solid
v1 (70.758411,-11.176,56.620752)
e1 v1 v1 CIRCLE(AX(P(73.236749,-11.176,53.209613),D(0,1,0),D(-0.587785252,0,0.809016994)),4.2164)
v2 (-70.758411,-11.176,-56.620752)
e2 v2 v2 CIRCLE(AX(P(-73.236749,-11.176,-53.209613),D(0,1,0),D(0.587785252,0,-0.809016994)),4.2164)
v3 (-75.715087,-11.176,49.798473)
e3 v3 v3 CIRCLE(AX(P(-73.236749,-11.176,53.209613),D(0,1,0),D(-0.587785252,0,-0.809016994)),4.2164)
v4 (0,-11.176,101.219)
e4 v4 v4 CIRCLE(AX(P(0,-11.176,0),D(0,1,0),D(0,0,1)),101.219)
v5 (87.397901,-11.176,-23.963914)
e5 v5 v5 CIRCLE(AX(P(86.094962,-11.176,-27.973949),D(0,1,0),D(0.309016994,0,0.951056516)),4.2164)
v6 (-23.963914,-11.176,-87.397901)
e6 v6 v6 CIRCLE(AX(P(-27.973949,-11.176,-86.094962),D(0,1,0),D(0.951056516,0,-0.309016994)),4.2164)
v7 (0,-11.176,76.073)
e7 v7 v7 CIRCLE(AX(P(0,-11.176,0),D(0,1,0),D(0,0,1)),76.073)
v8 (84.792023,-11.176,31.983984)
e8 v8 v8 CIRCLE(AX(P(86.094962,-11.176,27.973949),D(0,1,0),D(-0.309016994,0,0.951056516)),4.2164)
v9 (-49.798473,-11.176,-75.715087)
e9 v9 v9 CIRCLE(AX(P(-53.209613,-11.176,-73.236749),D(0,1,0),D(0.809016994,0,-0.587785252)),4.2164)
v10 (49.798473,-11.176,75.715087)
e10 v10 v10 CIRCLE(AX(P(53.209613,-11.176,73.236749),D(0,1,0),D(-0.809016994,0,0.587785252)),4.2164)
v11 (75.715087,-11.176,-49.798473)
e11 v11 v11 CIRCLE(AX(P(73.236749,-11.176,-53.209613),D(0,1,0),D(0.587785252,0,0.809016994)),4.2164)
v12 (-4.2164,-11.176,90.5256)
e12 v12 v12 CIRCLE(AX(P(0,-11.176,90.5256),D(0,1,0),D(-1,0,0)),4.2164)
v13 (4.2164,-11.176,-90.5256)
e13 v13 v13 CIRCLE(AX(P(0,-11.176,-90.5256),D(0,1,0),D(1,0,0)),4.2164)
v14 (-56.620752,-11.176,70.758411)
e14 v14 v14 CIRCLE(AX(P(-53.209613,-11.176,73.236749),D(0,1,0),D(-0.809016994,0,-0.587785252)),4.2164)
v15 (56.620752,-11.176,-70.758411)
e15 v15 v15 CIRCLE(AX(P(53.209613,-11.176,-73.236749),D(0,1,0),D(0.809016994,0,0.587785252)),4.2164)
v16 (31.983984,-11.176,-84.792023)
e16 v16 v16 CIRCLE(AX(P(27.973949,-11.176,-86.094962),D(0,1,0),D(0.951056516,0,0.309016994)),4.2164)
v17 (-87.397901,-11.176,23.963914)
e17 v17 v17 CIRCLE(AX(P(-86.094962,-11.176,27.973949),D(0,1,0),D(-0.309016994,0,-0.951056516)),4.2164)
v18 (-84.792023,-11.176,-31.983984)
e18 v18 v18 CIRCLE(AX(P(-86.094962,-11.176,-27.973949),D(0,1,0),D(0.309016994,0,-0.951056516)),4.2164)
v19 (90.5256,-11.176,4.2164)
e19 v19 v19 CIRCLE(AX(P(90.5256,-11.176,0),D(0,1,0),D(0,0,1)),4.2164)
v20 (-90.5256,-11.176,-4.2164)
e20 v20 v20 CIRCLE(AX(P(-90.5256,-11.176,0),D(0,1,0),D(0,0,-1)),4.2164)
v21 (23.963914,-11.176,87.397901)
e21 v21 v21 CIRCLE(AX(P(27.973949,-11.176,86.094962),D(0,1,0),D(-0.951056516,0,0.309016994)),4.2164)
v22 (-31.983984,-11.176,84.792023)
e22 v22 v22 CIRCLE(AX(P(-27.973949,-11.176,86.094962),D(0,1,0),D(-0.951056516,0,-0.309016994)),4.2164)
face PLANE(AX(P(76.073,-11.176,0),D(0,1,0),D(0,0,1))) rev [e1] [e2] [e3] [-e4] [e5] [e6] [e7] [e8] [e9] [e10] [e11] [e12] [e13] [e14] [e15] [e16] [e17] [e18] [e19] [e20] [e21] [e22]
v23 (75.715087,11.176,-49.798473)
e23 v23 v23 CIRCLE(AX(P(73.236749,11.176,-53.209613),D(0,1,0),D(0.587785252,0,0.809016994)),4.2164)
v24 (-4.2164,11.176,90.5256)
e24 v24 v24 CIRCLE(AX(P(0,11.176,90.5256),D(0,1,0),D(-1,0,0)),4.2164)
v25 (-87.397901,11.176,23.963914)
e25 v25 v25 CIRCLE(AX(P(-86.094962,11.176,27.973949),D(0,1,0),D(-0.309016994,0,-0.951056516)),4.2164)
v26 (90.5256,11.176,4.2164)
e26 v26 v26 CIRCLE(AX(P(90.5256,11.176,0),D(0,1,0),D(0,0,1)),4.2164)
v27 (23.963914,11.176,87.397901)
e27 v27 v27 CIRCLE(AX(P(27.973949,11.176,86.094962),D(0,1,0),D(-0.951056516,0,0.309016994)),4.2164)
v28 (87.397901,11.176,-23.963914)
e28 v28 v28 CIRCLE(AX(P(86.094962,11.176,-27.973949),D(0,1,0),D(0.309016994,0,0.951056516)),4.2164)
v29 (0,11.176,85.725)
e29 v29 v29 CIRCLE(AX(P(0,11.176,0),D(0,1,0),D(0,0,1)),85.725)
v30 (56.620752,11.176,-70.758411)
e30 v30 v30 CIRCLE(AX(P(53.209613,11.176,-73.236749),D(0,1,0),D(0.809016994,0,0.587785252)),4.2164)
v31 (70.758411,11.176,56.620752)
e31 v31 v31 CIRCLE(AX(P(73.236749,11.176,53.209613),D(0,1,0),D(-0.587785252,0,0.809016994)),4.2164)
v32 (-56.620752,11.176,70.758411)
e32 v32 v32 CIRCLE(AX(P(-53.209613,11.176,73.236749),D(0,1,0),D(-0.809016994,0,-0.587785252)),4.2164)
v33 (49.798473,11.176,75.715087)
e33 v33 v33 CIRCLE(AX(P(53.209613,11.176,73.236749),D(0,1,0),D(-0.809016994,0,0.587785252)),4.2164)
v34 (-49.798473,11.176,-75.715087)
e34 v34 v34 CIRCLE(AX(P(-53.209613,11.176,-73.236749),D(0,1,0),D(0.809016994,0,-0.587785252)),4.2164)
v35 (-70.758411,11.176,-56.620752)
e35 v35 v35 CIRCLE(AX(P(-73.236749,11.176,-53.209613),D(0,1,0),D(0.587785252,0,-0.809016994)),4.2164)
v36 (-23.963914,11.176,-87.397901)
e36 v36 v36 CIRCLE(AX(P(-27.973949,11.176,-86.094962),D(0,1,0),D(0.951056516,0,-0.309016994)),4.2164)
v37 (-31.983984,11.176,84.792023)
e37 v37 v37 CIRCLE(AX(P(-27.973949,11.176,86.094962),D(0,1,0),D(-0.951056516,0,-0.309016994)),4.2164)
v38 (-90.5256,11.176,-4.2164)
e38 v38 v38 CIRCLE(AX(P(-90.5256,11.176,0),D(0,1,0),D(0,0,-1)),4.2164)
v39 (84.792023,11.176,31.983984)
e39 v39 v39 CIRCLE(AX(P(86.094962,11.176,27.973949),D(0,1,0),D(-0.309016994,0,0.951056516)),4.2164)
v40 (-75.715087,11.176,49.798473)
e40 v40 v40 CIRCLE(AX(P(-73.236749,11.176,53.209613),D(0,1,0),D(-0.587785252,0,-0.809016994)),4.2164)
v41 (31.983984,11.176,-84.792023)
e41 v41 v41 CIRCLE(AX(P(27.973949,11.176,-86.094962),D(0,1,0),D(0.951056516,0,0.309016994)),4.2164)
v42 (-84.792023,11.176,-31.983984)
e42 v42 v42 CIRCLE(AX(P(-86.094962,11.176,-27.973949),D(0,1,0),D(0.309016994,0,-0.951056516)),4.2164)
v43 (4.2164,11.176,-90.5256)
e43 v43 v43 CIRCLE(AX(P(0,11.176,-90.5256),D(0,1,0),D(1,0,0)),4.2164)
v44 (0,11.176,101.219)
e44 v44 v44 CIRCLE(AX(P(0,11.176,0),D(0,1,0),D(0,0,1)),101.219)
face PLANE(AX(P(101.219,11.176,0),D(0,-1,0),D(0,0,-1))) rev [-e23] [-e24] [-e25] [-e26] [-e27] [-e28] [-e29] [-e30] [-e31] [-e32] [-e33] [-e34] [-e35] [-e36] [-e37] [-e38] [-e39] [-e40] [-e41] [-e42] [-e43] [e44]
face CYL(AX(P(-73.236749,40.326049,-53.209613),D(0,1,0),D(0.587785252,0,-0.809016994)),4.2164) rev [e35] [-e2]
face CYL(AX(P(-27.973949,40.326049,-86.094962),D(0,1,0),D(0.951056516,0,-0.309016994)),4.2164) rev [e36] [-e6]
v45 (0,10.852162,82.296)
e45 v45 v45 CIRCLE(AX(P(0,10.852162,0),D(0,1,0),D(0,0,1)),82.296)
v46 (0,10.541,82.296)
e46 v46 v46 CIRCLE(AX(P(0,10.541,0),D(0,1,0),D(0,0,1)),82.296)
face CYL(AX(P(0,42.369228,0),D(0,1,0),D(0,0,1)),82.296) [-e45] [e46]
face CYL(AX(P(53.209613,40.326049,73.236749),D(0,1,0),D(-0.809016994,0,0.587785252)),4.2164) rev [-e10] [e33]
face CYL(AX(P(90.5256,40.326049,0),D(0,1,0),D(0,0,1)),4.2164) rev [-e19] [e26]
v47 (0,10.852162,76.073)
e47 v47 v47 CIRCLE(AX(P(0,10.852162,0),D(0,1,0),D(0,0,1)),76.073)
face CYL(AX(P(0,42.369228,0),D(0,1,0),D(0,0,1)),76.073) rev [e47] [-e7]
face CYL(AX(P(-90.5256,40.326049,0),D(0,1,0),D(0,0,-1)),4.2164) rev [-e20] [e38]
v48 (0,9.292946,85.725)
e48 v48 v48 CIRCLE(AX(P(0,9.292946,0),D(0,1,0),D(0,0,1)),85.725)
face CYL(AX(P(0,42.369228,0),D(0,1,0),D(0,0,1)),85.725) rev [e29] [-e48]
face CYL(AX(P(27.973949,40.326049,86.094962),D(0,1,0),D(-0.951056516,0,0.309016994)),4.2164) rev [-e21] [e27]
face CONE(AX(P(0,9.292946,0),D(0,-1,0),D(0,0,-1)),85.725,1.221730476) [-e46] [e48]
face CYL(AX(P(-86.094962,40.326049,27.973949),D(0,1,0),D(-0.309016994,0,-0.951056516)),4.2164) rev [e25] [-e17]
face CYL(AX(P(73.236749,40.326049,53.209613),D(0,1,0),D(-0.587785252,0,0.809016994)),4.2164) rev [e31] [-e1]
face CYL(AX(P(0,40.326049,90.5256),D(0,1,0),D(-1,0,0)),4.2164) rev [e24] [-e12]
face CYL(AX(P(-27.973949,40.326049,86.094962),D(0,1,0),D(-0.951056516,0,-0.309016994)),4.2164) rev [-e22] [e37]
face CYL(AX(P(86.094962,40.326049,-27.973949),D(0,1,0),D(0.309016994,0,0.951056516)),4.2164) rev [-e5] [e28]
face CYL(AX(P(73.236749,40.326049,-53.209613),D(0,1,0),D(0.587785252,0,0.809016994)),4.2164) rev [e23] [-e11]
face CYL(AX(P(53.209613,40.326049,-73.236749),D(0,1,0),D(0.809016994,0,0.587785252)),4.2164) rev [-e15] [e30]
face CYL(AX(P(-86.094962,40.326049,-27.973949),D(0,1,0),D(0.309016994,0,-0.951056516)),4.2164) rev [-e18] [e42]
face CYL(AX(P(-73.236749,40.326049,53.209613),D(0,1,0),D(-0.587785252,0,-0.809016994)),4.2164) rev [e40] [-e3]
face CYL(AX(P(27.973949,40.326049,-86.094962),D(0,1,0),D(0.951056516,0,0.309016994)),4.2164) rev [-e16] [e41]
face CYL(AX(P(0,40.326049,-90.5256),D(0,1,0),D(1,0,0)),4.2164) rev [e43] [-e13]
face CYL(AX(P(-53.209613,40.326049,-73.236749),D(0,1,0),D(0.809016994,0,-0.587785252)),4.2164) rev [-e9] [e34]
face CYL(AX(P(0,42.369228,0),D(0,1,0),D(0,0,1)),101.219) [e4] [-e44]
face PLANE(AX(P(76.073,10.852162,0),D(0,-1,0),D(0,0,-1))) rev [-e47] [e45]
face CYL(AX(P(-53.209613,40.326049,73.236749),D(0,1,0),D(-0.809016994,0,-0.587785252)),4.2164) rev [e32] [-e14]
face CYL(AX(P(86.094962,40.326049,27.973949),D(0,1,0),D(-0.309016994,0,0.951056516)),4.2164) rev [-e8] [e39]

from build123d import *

# Parameters (mm, degrees)
SKETCH2_W         = 4.2164
SKETCH2_H         = 22.352
CIRPATTERN1_COUNT = 20


with BuildPart() as part:
    # Sketch1 → Revolve1 (revolve)
    with BuildSketch(Plane.XY):
        Polygon((101.219, 11.176), (101.219, -11.176), (76.073, -11.176), (76.073, 10.852161676), (82.296, 10.852161676), (82.296, 10.541), (85.725, 9.292946067), (85.725, 11.176), align=None)
    revolve(axis=Axis((0, 42.36922773, 0), (0, -1, 0)))

    # Sketch2 → Cut-Revolve1 (revolve, cut)
    with BuildSketch(Plane.XY):
        with Locations((92.6338, 0)):
            Rectangle(SKETCH2_W, SKETCH2_H)
    cut_revolve1 = revolve(axis=Axis((90.5256, 40.326048615, 0), (0, -1, 0)), mode=Mode.SUBTRACT)

    # CirPattern1: Cut-Revolve1 ×20 about axis
    cirpattern1_axis = Axis((0, -33.88604829, 0), (0, 1, 0))
    for i in range(1, CIRPATTERN1_COUNT):
        add(cut_revolve1.rotate(cirpattern1_axis, i * 360 / CIRPATTERN1_COUNT), mode=Mode.SUBTRACT)


solid = part.part
